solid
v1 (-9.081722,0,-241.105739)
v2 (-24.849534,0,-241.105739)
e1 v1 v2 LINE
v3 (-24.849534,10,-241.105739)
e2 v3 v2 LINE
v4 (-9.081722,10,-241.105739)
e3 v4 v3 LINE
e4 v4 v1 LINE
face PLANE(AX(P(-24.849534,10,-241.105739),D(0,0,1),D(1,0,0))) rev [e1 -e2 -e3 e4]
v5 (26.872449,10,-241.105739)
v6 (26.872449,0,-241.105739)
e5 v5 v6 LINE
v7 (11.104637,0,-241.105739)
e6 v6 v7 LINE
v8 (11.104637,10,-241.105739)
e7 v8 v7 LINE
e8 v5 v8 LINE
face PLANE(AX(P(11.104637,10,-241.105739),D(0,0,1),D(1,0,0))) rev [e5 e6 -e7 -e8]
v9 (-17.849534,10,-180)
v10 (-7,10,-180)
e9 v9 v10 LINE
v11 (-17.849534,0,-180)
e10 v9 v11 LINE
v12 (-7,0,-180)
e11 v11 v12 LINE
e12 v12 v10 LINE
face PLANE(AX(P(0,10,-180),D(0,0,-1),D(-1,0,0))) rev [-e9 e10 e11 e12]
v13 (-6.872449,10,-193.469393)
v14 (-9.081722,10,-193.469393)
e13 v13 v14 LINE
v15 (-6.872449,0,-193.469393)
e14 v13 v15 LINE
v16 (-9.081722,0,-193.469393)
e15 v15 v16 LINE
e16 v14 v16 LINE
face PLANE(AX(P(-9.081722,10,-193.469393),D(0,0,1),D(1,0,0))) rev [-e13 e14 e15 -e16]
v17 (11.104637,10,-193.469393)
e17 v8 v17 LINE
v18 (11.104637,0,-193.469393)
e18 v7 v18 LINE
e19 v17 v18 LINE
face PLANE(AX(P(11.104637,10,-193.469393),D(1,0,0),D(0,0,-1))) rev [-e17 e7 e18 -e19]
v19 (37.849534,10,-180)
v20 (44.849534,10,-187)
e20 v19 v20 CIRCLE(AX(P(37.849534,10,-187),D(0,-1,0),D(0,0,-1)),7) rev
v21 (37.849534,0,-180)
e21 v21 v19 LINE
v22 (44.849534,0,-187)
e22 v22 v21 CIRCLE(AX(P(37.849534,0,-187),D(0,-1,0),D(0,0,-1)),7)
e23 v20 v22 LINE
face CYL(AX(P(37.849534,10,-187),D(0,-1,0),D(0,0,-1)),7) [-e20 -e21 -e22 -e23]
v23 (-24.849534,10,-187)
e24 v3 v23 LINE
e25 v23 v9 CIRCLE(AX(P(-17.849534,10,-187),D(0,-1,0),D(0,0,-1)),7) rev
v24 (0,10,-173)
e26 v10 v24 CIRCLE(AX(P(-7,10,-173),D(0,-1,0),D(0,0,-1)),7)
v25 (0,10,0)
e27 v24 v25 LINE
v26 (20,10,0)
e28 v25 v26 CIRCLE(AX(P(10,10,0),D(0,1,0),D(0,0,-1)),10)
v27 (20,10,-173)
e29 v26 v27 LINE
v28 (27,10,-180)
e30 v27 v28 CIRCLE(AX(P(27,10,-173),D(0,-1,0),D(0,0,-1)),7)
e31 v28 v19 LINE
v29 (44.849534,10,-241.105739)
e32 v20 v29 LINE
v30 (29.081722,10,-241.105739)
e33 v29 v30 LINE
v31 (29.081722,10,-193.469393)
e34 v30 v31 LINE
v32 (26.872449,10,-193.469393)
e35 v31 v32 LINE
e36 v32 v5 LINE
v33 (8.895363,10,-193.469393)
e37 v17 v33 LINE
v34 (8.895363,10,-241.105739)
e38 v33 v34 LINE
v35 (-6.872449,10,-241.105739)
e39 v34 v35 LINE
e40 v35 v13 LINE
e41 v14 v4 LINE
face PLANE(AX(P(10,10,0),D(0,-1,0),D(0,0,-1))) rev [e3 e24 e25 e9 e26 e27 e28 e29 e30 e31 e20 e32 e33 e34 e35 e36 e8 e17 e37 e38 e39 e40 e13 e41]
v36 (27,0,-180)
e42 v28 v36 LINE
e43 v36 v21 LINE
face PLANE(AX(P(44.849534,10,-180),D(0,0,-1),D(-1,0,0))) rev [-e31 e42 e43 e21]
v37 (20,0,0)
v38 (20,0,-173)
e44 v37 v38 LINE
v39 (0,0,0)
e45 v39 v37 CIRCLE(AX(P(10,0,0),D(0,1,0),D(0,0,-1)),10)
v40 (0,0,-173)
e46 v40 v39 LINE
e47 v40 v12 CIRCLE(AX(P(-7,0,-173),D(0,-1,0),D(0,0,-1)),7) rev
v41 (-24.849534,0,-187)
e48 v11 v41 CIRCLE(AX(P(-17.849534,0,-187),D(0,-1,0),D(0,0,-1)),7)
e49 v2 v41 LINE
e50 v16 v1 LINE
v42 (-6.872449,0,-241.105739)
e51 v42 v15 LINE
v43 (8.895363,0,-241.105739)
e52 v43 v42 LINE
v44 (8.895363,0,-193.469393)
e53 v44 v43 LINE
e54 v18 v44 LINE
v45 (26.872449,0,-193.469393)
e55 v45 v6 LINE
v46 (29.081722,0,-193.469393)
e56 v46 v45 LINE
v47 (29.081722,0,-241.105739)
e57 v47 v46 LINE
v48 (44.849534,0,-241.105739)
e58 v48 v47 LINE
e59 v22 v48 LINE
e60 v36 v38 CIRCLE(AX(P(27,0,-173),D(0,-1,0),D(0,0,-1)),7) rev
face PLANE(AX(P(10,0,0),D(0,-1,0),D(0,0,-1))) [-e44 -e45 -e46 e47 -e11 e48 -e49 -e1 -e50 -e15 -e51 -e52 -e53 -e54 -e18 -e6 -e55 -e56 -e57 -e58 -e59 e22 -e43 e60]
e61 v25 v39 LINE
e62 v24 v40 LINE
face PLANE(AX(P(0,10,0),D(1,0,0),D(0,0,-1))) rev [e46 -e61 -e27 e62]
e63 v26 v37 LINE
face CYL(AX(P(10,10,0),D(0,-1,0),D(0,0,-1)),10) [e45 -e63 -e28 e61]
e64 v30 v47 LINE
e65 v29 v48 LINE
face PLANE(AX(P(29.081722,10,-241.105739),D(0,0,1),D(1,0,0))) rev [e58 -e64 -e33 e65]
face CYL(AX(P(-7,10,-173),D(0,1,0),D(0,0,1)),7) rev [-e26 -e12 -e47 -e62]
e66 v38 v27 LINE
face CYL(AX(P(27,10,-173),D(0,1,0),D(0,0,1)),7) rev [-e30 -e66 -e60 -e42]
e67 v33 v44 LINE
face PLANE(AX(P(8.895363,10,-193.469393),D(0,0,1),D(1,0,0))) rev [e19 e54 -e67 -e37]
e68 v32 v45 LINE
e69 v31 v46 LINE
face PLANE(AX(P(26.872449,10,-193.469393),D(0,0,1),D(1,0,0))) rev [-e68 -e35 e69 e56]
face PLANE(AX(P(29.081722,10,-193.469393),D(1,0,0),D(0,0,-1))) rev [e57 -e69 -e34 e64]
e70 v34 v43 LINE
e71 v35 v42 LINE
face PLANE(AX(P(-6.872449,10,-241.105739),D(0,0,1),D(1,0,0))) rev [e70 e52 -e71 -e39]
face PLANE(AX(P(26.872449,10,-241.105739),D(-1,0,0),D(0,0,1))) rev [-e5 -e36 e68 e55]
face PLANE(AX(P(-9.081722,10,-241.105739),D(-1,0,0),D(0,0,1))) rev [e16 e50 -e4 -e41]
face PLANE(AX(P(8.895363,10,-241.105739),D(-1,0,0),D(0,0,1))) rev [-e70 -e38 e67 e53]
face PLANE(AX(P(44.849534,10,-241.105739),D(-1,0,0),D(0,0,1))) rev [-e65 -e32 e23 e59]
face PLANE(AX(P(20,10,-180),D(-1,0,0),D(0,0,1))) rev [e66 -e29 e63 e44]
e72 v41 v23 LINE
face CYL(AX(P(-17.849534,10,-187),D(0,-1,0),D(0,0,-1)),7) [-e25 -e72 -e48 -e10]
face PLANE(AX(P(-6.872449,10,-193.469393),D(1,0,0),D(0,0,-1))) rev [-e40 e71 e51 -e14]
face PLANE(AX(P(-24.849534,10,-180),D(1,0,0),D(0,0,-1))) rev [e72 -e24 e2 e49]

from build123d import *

# Parameters (mm, degrees)
BOSS_EXTRUDE1_DEPTH = 10
FILLET2_R           = 7


with BuildPart() as part:
    # Sketch1 → Boss-Extrude1 (new body)
    with BuildSketch(Plane(origin=(0, 0, 0), x_dir=(1, 0, 0), z_dir=(0, 1, 0))):
        with BuildLine():
            Line((0, 0), (0, 180))
            Line((0, 180), (-24.84953376, 180))
            Line((-24.84953376, 180), (-24.84953376, 241.105739003))
            Line((-24.84953376, 241.105739003), (-9.081721857, 241.105739003))
            Line((-9.081721857, 241.105739003), (-9.081721857, 193.469393381))
            Line((-9.081721857, 193.469393381), (-6.872448555, 193.469393381))
            Line((-6.872448555, 193.469393381), (-6.872448555, 241.105739003))
            Line((-6.872448555, 241.105739003), (8.895363349, 241.105739003))
            Line((8.895363349, 241.105739003), (8.895363349, 193.469393381))
            Line((8.895363349, 193.469393381), (11.104636651, 193.469393381))
            Line((11.104636651, 193.469393381), (11.104636651, 241.105739003))
            Line((11.104636651, 241.105739003), (26.872448555, 241.105739003))
            Line((26.872448555, 241.105739003), (26.872448555, 193.469393381))
            Line((26.872448555, 193.469393381), (29.081721857, 193.469393381))
            Line((29.081721857, 193.469393381), (29.081721857, 241.105739003))
            Line((29.081721857, 241.105739003), (44.84953376, 241.105739003))
            Line((44.84953376, 241.105739003), (44.84953376, 180))
            Line((44.84953376, 180), (20, 180))
            Line((20, 180), (20, 0))
            ThreePointArc((20, 0), (10, -10), (0, 0))
        make_face()
    extrude(amount=BOSS_EXTRUDE1_DEPTH)

    # Fillet2
    fillet2_edges = [part.edges().sort_by_distance(p)[0] for p in [
        (0, 5, -180),
        (-24.84953376, 5, -180),
        (44.84953376, 5, -180),
        (20, 5, -180),
    ]]
    fillet(fillet2_edges, radius=FILLET2_R)


solid = part.part
